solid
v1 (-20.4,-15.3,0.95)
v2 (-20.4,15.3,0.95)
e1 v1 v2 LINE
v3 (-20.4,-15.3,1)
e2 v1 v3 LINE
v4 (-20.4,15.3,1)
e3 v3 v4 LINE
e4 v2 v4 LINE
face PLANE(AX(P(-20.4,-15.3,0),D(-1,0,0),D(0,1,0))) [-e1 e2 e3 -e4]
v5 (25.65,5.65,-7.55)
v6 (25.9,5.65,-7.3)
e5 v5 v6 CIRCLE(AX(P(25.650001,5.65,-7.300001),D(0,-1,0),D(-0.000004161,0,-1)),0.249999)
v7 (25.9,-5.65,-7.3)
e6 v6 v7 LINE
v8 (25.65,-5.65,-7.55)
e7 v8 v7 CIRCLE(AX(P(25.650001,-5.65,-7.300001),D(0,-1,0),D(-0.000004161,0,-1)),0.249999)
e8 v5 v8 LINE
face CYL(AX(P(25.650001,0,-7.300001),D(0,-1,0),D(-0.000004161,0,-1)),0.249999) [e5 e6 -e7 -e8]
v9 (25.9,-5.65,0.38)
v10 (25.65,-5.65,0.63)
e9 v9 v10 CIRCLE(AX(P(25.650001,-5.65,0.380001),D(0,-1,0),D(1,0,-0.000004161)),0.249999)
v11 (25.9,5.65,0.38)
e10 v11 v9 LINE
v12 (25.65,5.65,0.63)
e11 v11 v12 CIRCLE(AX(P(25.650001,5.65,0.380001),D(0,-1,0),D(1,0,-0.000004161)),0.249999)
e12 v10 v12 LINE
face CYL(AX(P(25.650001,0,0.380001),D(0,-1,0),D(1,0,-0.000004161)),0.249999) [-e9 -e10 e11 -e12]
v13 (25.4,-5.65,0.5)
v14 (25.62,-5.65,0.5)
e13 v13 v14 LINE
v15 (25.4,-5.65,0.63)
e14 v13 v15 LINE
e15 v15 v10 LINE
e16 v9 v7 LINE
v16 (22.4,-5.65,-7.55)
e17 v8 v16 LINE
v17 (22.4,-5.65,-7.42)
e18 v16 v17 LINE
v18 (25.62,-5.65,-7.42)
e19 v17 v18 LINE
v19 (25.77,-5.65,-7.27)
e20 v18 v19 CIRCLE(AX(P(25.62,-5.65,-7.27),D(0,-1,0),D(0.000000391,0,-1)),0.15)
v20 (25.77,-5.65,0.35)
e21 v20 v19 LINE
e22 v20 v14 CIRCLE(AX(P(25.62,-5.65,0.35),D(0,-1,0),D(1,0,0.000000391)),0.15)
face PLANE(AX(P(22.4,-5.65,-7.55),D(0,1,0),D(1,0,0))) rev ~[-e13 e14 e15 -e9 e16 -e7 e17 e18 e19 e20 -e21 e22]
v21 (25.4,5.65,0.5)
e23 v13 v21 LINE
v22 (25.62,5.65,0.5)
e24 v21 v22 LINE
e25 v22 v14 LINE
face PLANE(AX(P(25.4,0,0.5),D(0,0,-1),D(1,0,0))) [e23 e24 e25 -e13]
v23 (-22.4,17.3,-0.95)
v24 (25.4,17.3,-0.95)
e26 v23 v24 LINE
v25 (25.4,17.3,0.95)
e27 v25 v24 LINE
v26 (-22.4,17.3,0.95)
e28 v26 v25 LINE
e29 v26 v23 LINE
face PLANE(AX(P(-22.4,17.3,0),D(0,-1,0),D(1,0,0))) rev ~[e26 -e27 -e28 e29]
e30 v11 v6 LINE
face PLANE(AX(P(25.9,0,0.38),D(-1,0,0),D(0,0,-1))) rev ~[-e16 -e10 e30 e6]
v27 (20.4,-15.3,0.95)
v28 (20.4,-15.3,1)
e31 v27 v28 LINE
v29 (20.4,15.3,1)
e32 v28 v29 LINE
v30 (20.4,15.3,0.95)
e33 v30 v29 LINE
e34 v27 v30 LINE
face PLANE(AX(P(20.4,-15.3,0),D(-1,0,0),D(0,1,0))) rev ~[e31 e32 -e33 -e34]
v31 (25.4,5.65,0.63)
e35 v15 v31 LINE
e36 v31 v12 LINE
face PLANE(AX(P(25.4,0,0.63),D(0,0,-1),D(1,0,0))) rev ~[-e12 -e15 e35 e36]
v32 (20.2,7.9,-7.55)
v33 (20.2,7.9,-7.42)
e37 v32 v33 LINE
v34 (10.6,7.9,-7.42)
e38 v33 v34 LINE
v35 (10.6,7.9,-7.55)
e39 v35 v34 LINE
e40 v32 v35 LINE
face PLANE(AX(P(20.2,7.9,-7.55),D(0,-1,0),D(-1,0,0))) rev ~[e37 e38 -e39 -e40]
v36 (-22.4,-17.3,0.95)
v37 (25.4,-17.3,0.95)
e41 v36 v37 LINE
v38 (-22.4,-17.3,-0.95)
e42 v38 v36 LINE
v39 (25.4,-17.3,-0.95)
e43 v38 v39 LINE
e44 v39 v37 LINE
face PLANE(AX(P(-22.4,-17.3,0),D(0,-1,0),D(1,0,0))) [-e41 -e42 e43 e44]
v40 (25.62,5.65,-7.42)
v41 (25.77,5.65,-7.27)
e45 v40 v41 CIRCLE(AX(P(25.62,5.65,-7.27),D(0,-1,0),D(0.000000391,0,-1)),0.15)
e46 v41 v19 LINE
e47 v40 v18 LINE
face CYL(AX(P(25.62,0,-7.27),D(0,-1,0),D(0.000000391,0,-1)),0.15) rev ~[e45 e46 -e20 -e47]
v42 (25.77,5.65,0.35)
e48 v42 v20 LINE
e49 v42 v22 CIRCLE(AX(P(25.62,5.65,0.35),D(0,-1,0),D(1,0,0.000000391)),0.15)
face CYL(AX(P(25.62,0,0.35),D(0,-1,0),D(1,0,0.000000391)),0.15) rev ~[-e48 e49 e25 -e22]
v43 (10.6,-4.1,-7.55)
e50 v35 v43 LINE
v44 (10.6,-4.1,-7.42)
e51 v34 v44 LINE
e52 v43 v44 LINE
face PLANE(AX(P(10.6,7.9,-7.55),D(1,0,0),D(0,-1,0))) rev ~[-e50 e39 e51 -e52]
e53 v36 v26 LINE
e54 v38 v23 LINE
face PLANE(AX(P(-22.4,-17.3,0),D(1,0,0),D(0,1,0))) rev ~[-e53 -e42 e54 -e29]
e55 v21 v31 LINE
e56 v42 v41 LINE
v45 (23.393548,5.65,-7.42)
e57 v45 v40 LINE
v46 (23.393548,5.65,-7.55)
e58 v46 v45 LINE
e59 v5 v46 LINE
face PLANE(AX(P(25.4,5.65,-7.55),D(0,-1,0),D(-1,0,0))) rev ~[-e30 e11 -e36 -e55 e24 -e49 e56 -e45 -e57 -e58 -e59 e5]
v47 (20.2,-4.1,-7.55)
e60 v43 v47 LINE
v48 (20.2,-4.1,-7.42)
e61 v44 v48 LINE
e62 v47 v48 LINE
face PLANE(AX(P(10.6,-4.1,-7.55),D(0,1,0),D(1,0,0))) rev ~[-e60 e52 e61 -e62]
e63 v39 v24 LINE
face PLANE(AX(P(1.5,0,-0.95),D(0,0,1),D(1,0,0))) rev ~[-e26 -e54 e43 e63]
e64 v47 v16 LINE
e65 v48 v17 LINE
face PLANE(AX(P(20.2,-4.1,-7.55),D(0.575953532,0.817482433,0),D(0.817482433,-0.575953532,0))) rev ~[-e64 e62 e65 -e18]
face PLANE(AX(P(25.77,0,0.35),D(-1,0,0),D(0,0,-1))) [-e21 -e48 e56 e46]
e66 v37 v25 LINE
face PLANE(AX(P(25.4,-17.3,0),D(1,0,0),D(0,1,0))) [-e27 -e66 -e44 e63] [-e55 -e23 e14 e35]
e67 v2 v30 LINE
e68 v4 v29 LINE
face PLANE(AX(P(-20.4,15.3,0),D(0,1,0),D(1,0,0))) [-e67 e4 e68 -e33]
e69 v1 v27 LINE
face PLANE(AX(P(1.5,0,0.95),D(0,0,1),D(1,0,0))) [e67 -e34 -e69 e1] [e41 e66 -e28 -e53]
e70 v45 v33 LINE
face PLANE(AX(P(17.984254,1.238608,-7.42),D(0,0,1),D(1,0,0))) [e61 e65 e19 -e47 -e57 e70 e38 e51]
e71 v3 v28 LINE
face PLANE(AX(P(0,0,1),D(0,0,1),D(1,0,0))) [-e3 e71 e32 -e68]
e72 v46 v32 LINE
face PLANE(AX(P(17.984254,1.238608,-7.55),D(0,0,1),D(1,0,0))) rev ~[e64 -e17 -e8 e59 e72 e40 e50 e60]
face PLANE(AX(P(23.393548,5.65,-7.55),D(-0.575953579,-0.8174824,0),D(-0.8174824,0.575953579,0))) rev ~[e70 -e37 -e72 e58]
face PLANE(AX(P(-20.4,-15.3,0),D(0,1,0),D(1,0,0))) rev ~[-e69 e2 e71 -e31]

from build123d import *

# Parameters (mm, degrees)
SKETCH001_W  = 40.8
SKETCH001_H  = 30.6
PAD001_DEPTH = 1
SKETCH_W     = 47.8
SKETCH_H     = 34.6
PAD_DEPTH    = 0.95
PAD002_DEPTH = 5.65
PAD003_DEPTH = 0.13


with BuildPart() as part:
    # Sketch001 → Pad001 (new body)
    with BuildSketch(Plane.XY):
        Rectangle(SKETCH001_W, SKETCH001_H)
    extrude(amount=PAD001_DEPTH)

    # Sketch → Pad (join, symmetric)
    with BuildSketch(Plane.XY):
        with Locations((1.5, 0)):
            Rectangle(SKETCH_W, SKETCH_H)
    extrude(amount=PAD_DEPTH, both=True)

    # Sketch002 → Pad002 (join, symmetric)
    with BuildSketch(Plane.XZ):
        with BuildLine():
            Line((25.4, 0.5), (25.62, 0.5))
            ThreePointArc((25.77, 0.35), (25.726066, 0.456066), (25.62, 0.5))
            Line((25.77, 0.35), (25.77, -7.27))
            ThreePointArc((25.62, -7.42), (25.726066, -7.376066), (25.77, -7.27))
            Line((25.4, -7.42), (25.62, -7.42))
            Line((25.4, -7.55), (25.4, -7.42))
            Line((25.65, -7.55), (25.4, -7.55))
            ThreePointArc((25.65, -7.55), (25.826777, -7.476777), (25.9, -7.3))
            Line((25.9, 0.38), (25.9, -7.3))
            ThreePointArc((25.9, 0.38), (25.826777, 0.556777), (25.65, 0.63))
            Line((25.4, 0.63), (25.65, 0.63))
            Line((25.4, 0.5), (25.4, 0.63))
        make_face()
    extrude(amount=PAD002_DEPTH, both=True)

    # Sketch003 (on DatumPlane) → Pad003 (join)
    with BuildSketch(Plane(origin=(0, 0, -7.55), x_dir=(-1, 0, 0), z_dir=(0, 0, -1))):
        Polygon((-25.4, -5.65), (-25.4, 5.65), (-23.393548, 5.65), (-20.2, 7.9), (-10.6, 7.9), (-10.6, -4.1), (-20.2, -4.1), (-22.4, -5.65), align=None)
    extrude(amount=-PAD003_DEPTH)


solid = part.part
